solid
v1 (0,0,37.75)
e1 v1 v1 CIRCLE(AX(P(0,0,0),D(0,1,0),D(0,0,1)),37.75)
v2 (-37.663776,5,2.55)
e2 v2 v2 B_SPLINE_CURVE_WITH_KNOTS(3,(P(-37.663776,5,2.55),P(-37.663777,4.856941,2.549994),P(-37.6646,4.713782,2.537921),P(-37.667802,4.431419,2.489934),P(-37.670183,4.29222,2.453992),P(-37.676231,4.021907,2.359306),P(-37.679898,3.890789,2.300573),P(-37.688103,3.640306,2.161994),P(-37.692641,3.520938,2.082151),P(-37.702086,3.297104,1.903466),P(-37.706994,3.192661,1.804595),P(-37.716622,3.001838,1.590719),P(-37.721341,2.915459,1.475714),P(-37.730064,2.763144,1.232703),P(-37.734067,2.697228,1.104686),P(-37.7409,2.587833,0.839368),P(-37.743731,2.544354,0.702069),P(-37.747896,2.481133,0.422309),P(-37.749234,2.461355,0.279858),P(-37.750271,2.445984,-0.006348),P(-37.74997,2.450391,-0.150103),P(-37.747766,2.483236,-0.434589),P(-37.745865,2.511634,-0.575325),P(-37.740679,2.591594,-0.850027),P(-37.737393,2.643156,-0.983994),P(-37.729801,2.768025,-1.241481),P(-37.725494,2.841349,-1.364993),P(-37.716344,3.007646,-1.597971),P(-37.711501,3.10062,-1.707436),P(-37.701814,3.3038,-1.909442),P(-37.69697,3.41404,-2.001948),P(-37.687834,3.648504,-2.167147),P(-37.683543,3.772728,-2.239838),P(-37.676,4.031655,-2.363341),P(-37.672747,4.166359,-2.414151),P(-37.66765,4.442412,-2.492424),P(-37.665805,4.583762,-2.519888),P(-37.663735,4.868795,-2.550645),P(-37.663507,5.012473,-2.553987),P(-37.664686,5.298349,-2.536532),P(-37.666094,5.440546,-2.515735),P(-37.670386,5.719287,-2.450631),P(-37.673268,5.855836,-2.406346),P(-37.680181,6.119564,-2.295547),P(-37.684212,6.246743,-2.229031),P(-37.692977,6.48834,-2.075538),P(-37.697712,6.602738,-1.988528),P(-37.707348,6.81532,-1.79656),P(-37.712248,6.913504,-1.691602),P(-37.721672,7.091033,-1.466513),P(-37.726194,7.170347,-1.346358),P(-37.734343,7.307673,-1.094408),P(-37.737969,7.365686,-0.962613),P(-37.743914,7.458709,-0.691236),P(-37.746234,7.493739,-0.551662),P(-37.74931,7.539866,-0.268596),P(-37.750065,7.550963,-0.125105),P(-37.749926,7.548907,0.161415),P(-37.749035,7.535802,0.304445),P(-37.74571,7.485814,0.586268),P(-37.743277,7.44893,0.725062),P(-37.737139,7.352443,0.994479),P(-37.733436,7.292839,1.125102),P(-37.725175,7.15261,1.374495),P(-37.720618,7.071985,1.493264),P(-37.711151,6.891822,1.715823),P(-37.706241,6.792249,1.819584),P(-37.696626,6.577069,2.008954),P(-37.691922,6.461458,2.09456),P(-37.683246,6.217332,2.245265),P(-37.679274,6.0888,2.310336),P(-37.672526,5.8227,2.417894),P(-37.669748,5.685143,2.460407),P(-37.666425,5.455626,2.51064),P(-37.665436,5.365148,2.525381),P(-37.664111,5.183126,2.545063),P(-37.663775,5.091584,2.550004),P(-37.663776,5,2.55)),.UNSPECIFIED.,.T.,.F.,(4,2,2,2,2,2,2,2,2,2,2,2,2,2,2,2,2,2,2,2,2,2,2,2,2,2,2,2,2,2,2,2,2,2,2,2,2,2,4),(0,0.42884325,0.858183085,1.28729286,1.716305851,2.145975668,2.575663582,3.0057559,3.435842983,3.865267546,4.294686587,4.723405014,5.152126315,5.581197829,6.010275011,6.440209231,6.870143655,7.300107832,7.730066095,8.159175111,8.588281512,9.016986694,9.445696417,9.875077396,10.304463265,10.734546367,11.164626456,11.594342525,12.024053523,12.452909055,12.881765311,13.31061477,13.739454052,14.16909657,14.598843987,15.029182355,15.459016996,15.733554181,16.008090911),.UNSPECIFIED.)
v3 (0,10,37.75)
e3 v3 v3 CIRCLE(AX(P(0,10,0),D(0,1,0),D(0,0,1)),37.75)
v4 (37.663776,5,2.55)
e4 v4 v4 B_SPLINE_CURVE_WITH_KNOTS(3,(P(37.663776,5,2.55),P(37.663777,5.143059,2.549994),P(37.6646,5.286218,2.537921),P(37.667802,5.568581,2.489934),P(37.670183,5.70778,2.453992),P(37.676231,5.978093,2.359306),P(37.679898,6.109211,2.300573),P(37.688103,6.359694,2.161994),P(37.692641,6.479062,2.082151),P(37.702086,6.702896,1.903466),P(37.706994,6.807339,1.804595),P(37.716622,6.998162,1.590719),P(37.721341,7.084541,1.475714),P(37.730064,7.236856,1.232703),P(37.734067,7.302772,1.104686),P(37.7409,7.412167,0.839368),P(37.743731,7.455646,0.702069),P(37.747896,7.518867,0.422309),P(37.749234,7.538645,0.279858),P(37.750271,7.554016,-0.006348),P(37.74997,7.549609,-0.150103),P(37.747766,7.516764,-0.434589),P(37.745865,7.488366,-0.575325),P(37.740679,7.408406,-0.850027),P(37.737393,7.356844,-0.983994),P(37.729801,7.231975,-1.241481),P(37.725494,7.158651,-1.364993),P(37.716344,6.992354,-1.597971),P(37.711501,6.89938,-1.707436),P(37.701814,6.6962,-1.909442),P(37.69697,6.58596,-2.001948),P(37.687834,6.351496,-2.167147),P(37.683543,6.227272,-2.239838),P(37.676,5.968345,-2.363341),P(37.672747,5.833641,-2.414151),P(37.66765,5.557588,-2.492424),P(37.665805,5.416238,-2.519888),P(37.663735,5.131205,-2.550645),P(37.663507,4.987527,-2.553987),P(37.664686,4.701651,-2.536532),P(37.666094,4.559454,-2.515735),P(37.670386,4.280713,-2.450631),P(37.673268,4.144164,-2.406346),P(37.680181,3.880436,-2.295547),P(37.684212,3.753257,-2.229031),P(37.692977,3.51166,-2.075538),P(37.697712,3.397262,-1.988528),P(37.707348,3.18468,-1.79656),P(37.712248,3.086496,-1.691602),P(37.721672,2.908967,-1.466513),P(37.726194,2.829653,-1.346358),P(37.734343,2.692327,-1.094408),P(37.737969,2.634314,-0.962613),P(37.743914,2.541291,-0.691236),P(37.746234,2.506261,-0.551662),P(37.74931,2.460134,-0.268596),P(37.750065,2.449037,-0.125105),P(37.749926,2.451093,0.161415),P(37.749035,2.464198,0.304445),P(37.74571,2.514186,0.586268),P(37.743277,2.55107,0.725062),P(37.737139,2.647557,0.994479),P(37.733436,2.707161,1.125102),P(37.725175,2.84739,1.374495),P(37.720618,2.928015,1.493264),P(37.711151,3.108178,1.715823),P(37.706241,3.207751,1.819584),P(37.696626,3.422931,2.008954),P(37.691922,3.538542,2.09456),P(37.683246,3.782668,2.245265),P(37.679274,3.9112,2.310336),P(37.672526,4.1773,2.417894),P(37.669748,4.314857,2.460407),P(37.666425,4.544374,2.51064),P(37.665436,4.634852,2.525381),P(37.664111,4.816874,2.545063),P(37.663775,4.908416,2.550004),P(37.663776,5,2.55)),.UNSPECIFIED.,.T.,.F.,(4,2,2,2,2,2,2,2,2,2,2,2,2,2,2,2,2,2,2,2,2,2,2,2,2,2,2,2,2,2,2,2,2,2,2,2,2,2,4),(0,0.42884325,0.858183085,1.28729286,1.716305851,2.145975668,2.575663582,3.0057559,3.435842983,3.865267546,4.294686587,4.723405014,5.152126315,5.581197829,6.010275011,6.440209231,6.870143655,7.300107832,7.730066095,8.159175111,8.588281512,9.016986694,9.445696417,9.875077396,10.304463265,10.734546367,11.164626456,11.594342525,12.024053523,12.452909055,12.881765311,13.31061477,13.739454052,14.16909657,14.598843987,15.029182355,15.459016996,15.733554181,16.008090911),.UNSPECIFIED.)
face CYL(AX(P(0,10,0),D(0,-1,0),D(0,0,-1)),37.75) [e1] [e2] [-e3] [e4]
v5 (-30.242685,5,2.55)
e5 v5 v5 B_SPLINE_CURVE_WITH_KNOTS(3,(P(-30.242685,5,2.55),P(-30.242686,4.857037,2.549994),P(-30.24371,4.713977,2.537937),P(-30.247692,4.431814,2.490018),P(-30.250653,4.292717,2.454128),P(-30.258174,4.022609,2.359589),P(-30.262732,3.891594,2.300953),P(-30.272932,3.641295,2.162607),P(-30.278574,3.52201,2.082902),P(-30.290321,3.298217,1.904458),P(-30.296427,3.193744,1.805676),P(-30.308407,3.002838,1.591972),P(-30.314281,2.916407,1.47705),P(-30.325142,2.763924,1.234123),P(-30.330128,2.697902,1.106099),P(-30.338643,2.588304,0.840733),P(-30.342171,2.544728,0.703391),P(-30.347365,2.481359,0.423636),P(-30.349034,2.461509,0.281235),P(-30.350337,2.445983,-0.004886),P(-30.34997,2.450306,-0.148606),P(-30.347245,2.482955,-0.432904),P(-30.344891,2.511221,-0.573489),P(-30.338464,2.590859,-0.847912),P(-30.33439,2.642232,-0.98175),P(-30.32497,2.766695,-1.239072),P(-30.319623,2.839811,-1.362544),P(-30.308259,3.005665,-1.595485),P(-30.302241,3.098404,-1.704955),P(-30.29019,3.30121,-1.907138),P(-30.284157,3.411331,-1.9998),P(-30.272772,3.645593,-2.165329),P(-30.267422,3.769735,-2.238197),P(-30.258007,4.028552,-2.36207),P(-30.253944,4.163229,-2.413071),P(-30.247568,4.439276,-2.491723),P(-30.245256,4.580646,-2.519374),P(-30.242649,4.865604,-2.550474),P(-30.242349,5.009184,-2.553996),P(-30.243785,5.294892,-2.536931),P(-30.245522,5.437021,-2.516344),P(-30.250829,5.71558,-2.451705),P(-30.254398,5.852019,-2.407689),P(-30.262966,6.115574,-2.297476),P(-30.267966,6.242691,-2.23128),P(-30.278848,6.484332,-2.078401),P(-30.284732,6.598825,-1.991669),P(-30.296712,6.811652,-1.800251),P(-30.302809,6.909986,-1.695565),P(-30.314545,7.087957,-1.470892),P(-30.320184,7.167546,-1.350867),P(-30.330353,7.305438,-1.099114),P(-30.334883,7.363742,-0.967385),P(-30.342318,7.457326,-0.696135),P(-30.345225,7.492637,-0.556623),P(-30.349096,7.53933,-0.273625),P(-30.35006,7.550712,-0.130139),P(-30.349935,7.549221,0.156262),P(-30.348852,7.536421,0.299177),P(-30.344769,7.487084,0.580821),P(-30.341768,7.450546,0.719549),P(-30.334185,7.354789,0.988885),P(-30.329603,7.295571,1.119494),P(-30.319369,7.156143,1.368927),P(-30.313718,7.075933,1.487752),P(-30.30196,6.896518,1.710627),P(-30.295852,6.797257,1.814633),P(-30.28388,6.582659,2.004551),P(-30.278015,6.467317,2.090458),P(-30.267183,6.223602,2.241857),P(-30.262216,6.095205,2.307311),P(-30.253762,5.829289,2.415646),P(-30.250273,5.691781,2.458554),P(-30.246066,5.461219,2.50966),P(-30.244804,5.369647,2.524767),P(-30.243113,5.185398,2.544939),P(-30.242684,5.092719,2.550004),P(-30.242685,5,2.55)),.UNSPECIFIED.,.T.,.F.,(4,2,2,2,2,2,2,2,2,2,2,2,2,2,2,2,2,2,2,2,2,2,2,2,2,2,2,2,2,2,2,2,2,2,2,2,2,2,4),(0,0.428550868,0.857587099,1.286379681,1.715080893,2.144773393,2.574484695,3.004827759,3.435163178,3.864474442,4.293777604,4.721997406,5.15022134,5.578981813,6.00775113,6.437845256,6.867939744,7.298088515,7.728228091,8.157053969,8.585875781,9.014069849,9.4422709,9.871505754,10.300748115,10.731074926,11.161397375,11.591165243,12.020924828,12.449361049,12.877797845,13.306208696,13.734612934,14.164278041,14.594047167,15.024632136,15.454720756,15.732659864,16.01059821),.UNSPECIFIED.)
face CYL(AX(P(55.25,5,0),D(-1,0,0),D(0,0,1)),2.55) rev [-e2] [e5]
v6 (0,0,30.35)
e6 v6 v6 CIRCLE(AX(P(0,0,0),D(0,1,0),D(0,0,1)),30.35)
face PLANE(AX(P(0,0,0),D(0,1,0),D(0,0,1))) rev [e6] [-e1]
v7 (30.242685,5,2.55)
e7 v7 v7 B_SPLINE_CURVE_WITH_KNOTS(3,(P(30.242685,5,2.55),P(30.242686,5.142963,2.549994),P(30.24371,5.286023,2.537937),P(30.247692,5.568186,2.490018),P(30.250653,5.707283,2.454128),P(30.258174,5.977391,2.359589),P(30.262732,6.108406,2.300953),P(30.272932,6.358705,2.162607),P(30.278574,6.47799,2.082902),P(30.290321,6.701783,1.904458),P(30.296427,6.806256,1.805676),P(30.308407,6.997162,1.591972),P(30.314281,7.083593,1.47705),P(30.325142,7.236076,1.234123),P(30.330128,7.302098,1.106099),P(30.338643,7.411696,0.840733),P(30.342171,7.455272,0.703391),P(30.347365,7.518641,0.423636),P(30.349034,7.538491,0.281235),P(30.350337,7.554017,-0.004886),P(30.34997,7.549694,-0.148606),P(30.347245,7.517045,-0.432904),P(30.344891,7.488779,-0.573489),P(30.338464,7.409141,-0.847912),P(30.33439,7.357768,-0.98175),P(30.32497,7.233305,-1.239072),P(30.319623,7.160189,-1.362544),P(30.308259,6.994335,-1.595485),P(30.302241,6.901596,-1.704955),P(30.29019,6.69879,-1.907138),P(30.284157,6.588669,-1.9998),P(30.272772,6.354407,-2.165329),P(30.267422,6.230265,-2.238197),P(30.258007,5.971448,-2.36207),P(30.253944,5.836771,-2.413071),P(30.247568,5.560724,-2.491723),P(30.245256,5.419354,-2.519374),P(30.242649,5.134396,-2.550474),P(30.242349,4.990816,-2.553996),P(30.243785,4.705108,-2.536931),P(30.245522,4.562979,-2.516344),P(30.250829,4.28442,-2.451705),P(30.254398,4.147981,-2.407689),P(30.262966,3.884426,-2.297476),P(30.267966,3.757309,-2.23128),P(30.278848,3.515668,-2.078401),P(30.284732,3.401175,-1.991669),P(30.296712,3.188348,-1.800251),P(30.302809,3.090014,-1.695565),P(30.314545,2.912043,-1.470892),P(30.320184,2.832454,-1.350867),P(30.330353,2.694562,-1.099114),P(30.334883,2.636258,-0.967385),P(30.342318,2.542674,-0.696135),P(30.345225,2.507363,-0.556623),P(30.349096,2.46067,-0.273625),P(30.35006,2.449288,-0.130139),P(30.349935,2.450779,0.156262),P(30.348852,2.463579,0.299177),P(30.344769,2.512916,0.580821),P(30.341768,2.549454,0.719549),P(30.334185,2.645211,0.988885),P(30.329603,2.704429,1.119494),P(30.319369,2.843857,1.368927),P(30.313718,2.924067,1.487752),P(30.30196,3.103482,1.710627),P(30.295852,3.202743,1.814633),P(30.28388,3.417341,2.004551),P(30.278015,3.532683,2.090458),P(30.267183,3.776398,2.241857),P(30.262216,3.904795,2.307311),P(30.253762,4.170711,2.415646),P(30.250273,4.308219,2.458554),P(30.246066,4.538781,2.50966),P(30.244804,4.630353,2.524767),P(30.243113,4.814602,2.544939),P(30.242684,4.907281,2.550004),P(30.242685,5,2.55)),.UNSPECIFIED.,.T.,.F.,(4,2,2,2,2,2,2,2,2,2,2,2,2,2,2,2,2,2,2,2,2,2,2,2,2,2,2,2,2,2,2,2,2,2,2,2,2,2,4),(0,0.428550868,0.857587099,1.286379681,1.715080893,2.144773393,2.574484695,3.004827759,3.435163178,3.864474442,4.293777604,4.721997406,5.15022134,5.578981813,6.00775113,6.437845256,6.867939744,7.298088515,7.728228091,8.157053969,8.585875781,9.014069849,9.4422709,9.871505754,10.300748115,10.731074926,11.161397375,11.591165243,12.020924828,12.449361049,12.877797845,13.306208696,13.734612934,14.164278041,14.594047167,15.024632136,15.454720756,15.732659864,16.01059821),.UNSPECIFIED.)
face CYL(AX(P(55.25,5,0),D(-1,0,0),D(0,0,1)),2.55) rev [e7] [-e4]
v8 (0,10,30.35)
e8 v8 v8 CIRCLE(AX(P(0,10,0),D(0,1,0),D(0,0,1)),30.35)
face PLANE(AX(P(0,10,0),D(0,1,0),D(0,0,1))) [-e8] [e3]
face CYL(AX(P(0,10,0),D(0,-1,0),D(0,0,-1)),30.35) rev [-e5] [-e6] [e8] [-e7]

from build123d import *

# Parameters (mm, degrees)
SKETCH1_R           = 37.75
SKETCH1_R_2         = 30.35
BOSS_EXTRUDE1_DEPTH = 10
SKETCH4_R           = 2.55
CUT_EXTRUDE2_DEPTH  = 93


with BuildPart() as part:
    # Sketch1 → Boss-Extrude1 (new body)
    with BuildSketch(Plane(origin=(0, 0, 0), x_dir=(1, 0, 0), z_dir=(0, 1, 0))):
        with Locations(Location((0, 0, 0), (0, 0, 270))):
            Circle(SKETCH1_R)
        with Locations(Location((0, 0, 0), (0, 0, 270))):
            Circle(SKETCH1_R_2, mode=Mode.SUBTRACT)
    extrude(amount=BOSS_EXTRUDE1_DEPTH)

    # Sketch4 → Cut-Extrude2 (cut)
    with BuildSketch(Plane.ZY.offset(37.75)):
        with Locations((0, 5)):
            Circle(SKETCH4_R)
    extrude(amount=-CUT_EXTRUDE2_DEPTH, mode=Mode.SUBTRACT)


solid = part.part
